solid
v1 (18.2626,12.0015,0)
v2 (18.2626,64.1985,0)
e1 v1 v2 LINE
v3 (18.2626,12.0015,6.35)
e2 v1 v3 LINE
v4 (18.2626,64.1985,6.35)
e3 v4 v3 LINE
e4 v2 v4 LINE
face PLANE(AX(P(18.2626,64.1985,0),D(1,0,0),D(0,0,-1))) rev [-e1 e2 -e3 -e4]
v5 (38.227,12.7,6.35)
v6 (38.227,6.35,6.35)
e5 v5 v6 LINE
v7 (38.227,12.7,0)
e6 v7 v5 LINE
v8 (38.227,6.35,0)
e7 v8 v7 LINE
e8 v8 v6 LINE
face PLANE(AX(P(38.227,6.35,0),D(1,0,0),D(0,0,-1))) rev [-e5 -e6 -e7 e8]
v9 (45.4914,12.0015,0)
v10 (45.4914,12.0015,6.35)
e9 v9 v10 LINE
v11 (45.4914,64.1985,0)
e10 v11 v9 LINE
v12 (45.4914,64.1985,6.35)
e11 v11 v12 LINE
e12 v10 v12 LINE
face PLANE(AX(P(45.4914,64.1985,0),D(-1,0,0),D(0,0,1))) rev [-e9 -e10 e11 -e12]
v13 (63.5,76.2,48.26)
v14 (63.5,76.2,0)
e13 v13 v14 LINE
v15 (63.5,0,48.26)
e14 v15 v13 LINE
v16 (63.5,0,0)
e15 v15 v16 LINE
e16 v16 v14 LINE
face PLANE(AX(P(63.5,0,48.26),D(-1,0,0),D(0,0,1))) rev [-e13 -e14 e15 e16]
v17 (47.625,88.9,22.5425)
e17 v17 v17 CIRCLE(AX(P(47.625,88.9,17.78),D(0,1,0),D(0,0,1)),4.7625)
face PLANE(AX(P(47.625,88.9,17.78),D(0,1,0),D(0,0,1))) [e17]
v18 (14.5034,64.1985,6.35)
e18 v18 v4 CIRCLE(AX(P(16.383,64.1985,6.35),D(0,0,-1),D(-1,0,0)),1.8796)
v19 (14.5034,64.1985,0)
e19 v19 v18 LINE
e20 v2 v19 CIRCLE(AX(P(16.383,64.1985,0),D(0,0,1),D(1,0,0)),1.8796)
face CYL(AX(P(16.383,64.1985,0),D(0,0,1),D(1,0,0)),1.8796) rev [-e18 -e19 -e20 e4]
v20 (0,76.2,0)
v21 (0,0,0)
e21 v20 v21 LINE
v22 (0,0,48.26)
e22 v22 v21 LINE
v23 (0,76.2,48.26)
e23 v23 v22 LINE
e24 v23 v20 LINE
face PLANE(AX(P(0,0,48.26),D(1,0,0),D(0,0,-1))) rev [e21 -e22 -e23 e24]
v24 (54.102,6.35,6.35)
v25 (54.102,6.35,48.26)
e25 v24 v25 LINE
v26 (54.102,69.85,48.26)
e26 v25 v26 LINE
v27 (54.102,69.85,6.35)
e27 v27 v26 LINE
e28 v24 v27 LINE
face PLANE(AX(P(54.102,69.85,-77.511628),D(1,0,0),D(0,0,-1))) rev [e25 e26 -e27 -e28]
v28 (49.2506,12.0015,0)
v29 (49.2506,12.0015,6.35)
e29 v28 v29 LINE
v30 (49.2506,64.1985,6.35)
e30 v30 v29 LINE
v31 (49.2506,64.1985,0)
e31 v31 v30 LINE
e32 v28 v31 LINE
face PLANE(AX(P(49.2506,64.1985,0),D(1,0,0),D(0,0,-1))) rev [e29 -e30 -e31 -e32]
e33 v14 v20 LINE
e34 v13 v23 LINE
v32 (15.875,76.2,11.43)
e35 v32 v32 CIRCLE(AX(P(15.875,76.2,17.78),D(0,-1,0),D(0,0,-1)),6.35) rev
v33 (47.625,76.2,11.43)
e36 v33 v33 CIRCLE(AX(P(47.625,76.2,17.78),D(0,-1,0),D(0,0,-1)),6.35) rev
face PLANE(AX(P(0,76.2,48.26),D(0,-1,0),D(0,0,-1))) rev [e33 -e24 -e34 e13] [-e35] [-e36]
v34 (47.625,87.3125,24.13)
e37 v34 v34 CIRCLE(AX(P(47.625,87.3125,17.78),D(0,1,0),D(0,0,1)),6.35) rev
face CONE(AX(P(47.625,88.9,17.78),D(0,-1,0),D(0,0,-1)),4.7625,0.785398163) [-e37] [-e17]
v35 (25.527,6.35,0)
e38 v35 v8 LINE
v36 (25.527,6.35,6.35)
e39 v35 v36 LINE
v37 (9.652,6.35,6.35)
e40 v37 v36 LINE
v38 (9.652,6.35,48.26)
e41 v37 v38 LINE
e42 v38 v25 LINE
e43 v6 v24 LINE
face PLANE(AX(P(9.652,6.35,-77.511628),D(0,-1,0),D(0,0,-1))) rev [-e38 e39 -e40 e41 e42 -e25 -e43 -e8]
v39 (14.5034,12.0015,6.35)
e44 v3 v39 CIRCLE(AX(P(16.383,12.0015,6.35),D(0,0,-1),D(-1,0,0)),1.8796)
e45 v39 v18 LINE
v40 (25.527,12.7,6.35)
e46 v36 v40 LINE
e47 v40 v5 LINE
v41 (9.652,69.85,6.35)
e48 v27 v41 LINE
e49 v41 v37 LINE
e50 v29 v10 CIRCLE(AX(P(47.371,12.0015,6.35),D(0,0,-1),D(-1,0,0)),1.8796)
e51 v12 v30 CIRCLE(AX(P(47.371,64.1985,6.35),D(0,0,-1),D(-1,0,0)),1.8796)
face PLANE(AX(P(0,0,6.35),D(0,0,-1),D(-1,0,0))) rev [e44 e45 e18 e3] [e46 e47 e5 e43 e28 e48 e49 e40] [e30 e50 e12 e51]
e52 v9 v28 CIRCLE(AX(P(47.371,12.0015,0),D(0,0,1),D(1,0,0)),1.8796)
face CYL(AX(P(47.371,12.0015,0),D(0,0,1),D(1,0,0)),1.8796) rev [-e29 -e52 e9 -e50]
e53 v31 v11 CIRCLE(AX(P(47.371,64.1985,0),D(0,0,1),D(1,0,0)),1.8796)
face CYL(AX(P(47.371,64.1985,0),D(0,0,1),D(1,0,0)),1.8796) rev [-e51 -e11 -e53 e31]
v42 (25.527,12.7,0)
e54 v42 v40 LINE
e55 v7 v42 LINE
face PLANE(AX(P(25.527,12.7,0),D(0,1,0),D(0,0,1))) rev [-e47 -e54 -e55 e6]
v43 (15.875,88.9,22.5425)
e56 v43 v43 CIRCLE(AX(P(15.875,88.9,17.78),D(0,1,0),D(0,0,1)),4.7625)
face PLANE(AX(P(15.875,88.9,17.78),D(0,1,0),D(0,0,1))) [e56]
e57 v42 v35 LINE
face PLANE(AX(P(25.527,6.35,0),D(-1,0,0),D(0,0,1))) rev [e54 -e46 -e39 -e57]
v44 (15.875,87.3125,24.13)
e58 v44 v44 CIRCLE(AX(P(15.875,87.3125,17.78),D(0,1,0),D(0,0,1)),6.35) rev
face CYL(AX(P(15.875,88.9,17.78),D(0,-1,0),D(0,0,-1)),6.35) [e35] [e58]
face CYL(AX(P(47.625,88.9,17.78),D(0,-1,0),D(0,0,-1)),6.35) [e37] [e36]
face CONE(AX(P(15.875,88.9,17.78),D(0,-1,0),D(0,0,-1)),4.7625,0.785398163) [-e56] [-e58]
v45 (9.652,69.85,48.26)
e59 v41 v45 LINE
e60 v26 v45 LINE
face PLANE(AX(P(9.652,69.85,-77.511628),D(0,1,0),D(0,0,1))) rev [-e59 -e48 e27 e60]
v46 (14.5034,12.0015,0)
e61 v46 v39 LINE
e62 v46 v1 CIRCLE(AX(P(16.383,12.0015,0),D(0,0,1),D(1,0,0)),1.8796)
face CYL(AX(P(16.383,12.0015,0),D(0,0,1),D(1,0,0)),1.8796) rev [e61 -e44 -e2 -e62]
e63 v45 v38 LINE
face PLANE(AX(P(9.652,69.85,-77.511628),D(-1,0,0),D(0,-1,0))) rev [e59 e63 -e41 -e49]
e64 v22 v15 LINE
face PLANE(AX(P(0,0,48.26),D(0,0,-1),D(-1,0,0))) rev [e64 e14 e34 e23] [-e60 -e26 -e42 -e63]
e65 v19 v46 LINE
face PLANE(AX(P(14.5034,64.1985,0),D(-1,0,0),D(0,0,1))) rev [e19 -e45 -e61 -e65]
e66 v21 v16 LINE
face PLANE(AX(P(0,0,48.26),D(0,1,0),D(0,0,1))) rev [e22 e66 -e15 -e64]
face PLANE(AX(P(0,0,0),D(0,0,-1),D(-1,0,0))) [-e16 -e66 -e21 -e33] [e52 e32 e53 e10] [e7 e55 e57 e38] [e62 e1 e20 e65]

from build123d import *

# Parameters (mm, degrees)
SKETCH2_W               = 63.5
SKETCH2_H               = 76.2
BOSS_EXTRUDE1_DEPTH     = 48.26
SKETCH3_W               = 44.45
SKETCH3_H               = 63.5
CUT_EXTRUDE1_DEPTH      = 41.91
CUT_EXTRUDE2_DEPTH      = 108.680722973
CUT_EXTRUDE2_DEPTH_BACK = 108.680722973
SKETCH4_W               = 12.7
SKETCH4_H               = 6.35
SKETCH5_R               = 6.35
BOSS_EXTRUDE2_DEPTH     = 12.7
CHAMFER1_SIZE           = 1.5875


with BuildPart() as part:
    # Sketch2 → Boss-Extrude1 (new body)
    with BuildSketch(Plane.XY):
        with Locations((31.75, 38.1)):
            Rectangle(SKETCH2_W, SKETCH2_H)
    extrude(amount=BOSS_EXTRUDE1_DEPTH)

    # Sketch3 → Cut-Extrude1 (cut)
    with BuildSketch(Plane.XY.offset(48.26)):
        with Locations((31.877, 38.1)):
            Rectangle(SKETCH3_W, SKETCH3_H)
    extrude(amount=-CUT_EXTRUDE1_DEPTH, mode=Mode.SUBTRACT)

    # Sketch4 → Cut-Extrude2 (cut, two sides: drawn at the far end of the back side and taken through both)
    with BuildSketch(Plane.XY.offset(6.35).offset(-CUT_EXTRUDE2_DEPTH_BACK)):
        with Locations((31.877, 9.525)):
            Rectangle(SKETCH4_W, SKETCH4_H)
        with BuildLine():
            Line((18.2626, 64.1985), (18.2626, 12.0015))
            ThreePointArc((18.2626, 12.0015), (16.383, 10.1219), (14.5034, 12.0015))
            Line((14.5034, 12.0015), (14.5034, 64.1985))
            ThreePointArc((14.5034, 64.1985), (16.383, 66.0781), (18.2626, 64.1985))
        make_face()
        with BuildLine():
            Line((49.2506, 64.1985), (49.2506, 12.0015))
            ThreePointArc((49.2506, 12.0015), (47.371, 10.1219), (45.4914, 12.0015))
            Line((45.4914, 12.0015), (45.4914, 64.1985))
            ThreePointArc((45.4914, 64.1985), (47.371, 66.0781), (49.2506, 64.1985))
        make_face()
    extrude(amount=CUT_EXTRUDE2_DEPTH + CUT_EXTRUDE2_DEPTH_BACK, mode=Mode.SUBTRACT)

    # Sketch5 → Boss-Extrude2 (add)
    with BuildSketch(Plane(origin=(0, 76.2, 0), x_dir=(1, 0, 0), z_dir=(0, 1, 0))):
        with Locations(Location((15.875, -17.78, 0), (0, 0, 90))):
            Circle(SKETCH5_R)
        with Locations(Location((47.625, -17.78, 0), (0, 0, 90))):
            Circle(SKETCH5_R)
    extrude(amount=BOSS_EXTRUDE2_DEPTH)

    # Chamfer1
    chamfer1_edges = [part.edges().sort_by_distance(p)[0] for p in [
        (15.875, 88.9, 24.13),
        (47.625, 88.9, 24.13),
    ]]
    chamfer(chamfer1_edges, length=CHAMFER1_SIZE)


solid = part.part
